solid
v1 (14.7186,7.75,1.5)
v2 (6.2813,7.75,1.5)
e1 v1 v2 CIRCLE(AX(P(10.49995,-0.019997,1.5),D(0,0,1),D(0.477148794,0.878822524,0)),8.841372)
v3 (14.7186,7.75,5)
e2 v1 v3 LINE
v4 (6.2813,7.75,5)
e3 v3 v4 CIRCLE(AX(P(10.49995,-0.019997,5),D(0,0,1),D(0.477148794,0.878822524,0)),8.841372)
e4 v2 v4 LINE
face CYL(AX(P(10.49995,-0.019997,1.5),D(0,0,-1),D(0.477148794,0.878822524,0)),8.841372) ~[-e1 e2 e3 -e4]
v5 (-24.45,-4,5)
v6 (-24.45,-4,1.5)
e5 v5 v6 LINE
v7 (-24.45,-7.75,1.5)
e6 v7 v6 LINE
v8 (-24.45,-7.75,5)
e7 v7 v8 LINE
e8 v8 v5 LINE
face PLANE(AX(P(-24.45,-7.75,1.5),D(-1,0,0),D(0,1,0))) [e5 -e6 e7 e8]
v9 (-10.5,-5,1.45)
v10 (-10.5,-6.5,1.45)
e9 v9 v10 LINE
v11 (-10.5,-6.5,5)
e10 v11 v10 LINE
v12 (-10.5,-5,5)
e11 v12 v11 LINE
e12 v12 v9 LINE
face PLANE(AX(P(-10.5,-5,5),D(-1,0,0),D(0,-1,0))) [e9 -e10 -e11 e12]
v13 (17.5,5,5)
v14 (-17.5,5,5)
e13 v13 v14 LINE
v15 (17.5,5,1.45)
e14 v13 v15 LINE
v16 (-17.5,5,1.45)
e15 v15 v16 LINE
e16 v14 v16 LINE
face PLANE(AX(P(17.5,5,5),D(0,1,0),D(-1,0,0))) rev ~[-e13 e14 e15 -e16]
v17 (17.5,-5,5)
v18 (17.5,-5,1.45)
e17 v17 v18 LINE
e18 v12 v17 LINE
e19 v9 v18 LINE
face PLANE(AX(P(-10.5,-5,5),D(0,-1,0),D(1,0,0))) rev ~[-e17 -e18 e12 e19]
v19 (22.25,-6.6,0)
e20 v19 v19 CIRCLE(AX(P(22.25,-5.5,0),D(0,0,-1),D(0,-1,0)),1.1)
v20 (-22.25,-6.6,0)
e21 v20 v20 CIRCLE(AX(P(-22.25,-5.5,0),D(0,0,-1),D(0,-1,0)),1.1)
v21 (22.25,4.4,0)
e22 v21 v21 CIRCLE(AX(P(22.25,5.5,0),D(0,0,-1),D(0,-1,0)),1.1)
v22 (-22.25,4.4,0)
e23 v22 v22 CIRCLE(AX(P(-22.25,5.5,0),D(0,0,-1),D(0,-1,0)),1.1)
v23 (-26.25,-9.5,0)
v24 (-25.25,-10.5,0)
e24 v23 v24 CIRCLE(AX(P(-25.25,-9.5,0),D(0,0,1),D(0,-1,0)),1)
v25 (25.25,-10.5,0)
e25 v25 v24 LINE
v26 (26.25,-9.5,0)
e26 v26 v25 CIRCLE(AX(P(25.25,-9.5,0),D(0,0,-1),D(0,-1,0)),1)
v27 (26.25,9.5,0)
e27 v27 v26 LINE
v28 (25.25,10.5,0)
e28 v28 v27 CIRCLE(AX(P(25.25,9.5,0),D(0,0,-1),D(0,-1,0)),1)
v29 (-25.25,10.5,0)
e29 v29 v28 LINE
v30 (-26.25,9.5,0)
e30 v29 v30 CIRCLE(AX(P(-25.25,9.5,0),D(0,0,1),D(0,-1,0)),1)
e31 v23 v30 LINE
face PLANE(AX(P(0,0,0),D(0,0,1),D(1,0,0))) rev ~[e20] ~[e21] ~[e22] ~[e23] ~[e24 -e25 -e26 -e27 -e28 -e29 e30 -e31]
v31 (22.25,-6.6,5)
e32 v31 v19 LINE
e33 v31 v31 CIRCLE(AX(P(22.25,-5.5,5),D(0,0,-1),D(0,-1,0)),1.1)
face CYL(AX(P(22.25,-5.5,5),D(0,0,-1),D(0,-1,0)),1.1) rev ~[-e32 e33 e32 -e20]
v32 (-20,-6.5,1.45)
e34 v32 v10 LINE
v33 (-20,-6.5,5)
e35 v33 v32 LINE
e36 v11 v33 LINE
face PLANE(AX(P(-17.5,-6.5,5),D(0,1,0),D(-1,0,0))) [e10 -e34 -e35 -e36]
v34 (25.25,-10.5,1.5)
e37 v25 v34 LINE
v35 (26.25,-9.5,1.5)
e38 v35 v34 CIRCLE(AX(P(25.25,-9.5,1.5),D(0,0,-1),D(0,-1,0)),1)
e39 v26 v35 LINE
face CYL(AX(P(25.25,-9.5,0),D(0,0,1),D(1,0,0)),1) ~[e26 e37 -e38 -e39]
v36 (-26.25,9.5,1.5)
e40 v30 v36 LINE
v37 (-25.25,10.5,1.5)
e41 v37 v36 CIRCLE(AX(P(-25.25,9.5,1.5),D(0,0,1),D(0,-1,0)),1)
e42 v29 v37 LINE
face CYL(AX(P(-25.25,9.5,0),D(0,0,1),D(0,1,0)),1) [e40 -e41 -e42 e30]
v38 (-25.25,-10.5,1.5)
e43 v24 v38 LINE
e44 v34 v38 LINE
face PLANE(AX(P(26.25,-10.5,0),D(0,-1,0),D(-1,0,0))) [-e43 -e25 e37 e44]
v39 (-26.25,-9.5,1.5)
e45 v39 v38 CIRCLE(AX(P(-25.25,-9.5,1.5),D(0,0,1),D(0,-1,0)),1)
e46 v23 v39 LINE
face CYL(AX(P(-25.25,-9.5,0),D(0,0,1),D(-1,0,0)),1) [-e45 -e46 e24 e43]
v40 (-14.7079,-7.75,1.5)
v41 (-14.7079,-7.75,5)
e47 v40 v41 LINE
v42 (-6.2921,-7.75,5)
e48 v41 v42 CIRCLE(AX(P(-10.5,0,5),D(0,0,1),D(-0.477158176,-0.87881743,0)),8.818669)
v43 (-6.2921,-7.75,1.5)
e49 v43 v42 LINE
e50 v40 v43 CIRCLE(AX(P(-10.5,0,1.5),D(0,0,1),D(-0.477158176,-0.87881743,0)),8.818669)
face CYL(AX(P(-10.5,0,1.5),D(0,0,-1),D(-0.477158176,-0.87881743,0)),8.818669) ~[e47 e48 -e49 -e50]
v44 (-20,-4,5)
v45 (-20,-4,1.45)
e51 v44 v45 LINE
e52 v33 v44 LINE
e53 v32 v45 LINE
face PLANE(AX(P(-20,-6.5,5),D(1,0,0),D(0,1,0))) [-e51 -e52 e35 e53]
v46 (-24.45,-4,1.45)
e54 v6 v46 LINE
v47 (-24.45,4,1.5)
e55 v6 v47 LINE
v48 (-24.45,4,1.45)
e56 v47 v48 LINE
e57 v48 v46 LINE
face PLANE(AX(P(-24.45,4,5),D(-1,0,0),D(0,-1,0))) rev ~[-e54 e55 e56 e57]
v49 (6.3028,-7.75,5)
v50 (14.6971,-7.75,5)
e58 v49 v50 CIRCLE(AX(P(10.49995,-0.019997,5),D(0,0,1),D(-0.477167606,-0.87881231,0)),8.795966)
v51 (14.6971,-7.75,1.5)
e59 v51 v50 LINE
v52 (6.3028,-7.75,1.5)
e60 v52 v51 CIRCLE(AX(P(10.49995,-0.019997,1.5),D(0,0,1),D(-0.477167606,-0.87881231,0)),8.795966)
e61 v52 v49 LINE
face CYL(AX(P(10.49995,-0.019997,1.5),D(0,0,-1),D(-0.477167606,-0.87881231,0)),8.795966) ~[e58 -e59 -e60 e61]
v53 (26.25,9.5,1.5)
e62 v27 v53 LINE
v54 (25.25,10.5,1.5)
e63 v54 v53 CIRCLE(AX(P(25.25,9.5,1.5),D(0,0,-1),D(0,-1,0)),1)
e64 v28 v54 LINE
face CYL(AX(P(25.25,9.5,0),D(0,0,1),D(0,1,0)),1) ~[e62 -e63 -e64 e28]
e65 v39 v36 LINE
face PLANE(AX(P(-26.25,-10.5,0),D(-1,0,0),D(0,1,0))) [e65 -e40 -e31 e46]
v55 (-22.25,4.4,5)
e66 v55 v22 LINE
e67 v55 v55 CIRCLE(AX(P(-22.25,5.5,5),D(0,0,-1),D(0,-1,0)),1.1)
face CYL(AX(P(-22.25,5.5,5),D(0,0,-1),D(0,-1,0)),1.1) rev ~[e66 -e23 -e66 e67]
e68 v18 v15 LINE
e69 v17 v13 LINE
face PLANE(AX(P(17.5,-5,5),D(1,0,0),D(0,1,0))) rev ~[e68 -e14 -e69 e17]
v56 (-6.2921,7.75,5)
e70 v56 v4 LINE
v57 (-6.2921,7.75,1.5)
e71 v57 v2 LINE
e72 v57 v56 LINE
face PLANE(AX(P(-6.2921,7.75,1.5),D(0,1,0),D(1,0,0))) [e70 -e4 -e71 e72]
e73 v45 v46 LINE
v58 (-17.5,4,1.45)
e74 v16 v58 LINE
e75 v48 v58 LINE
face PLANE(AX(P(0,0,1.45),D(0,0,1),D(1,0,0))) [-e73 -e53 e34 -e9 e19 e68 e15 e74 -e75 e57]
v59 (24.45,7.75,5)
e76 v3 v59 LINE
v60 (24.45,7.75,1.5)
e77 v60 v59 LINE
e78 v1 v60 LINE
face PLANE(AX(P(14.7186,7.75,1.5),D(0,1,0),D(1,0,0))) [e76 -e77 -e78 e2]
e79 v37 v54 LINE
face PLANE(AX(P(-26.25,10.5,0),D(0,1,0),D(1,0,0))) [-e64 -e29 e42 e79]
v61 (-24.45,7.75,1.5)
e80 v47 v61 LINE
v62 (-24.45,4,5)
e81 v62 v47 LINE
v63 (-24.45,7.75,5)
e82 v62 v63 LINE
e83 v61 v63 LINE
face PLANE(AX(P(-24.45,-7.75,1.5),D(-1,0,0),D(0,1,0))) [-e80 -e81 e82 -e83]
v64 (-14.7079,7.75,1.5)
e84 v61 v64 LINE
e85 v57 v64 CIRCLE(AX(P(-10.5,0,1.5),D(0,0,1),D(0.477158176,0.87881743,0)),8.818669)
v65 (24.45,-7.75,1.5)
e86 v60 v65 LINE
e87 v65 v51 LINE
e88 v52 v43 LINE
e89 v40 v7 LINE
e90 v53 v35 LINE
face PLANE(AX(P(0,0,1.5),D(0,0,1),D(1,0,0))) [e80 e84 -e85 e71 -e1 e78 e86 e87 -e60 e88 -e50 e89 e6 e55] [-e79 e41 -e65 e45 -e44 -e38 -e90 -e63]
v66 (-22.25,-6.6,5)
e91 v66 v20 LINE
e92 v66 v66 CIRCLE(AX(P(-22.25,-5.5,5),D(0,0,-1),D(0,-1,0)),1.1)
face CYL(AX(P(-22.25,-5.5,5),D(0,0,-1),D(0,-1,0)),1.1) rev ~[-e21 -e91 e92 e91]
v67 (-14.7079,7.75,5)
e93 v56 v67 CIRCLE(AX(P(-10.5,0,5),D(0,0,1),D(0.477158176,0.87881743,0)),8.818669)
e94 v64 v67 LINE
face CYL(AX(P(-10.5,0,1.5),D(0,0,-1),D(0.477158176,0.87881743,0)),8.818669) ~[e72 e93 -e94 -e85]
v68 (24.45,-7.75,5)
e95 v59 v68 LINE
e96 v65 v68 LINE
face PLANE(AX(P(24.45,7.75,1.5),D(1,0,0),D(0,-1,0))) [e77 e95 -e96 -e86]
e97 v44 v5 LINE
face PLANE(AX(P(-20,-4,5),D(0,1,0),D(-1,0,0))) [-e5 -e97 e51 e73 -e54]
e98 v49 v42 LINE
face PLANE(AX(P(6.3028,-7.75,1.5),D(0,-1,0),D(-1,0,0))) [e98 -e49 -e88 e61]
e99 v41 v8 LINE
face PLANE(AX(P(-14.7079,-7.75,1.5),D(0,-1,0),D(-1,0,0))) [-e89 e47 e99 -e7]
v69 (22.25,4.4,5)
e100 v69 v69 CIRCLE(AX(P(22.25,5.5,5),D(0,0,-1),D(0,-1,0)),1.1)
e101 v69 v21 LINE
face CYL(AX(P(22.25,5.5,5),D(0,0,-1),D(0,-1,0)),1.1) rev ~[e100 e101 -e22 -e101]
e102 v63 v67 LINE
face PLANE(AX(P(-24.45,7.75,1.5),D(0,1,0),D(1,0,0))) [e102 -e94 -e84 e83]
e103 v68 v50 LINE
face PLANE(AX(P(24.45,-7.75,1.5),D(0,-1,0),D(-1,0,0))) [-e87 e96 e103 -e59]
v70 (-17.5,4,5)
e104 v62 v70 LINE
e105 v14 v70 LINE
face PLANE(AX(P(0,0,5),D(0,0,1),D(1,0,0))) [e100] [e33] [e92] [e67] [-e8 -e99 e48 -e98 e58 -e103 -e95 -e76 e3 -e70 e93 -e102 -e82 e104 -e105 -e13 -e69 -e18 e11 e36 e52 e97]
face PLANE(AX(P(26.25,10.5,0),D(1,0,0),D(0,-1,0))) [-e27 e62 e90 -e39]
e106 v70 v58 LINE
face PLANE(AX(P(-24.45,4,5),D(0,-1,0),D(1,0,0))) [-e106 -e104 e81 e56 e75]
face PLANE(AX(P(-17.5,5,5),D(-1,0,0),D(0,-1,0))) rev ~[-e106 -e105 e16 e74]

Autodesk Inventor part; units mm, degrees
ref_plane "YZ Plane" through (0, 0, 0) normal (1, 0, 0) x (0, 1, 0)
ref_plane "XZ Plane" through (0, 0, 0) normal (0, 1, 0) x (-1, 0, 0)
ref_plane "XY Plane" through (0, 0, 0) normal (0, 0, 1) x (1, 0, 0)
sketch "スケッチ1" plane through (0, 0, 0) normal (0, 0, 1) x (1, 0, 0)
  line L0 (-26.25, 10.5) -> (26.25, 10.5)
  line L1 (26.25, 10.5) -> (26.25, -10.5)
  line L2 (26.25, -10.5) -> (-26.25, -10.5)
  line L3 (-26.25, -10.5) -> (-26.25, 10.5)
  point P0 (0, 0)
  dimension "d0" = 52.5
  dimension "d1" = 21
  dimension "d2" = 10.5
  dimension "d3" = 26.25
extrude "押し出し1" add sketch "スケッチ1" along normal blind 1.5
sketch "スケッチ6" plane through (0, 0, 1.5) normal (0, 0, 1) x (1, 0, 0)
  line L0 (-24.45, -7.75) -> (-24.45, 7.75)
  line L1 (24.45, 7.75) -> (24.45, -7.75)
  line L2 (24.45, -7.75) -> (14.6971, -7.75)
  arc A0 (14.7186, 7.75) -> (6.2813, 7.75) centre (10.5, -0.0198) ccw
  arc A1 (6.3028, -7.75) -> (14.6971, -7.75) centre (10.5, -0.0198) ccw
  line L3 (14.7186, 7.75) -> (24.45, 7.75)
  line L4 (6.3028, -7.75) -> (-6.2921, -7.75)
  line L5 (-14.7079, -7.75) -> (-24.45, -7.75)
  arc A2 (-6.2921, 7.75) -> (-14.7079, 7.75) centre (-10.5, 0) ccw
  arc A3 (-14.7079, -7.75) -> (-6.2921, -7.75) centre (-10.5, 0) ccw
  line L6 (-24.45, 7.75) -> (-14.7079, 7.75)
  line L7 (-6.2921, 7.75) -> (6.2813, 7.75)
  point P0 (0, 0)
  dimension "d86" = 48.9
  dimension "d87" = 15.5
  dimension "d89" = 24.45
  dimension "d92" = 10.5
  dimension "d93" = 10.5
  dimension "d97" = 15.5
  dimension "d98" = 7.75
  dimension "d99" = 7.75
  dimension "d100" = 7.75
  dimension "d101" = 7.75
  dimension "d102" = 7.75
  dimension "d103" = 57
  dimension "d104" = 57
  dimension "d105" = 57
  dimension "d106" = 57
extrude "押し出し4" add sketch "スケッチ6" along normal blind 3.5
sketch "スケッチ7" plane through (0, 0, 5) normal (0, 0, 1) x (1, 0, 0)
  point P0 (0, 0)
  point P1 (-22.25, 5.5)
  point P2 (-22.25, -5.5)
  point P3 (22.25, 5.5)
  point P4 (22.25, -5.5)
  dimension "d62" = 44.5
  dimension "d63" = 11
  dimension "d64" = 11
  dimension "d65" = 44.5
  dimension "d66" = 22.25
  dimension "d67" = 5.5
  dimension "d68" = 22.25
  dimension "d69" = 5.5
hole "穴3" at (-22.25, 5.5, 5) at (-22.25, -5.5, 5) at (22.25, 5.5, 5) at (22.25, -5.5, 5) direction (0, 0, -1) diameter 2.2 end through all
fillet "フィレット3" radius 1 4 edges at (-26.25, -10.5, 0.75) (26.25, -10.5, 0.75) (26.25, 10.5, 0.75) (-26.25, 10.5, 0.75)
sketch "スケッチ8" plane through (0, 0, 5) normal (0, 0, 1) x (1, 0, 0)
  line L0 (-10.5, -5) -> (17.5, -5)
  line L1 (17.5, -5) -> (17.5, 5)
  line L2 (17.5, 5) -> (-17.5, 5)
  line L3 (-24.45, 7.75) -> (-24.45, -7.75) projected
  line L4 (-20, -4) -> (-24.45, -4)
  line L5 (-24.45, -4) -> (-24.45, 4)
  line L6 (-24.45, 4) -> (-17.5, 4)
  line L7 (-25.25, -10.5) -> (25.25, -10.5) projected
  line L8 (25.25, 10.5) -> (-25.25, 10.5) projected
  line L9 (-17.5, 5) -> (-17.5, 4)
  line L10 (-10.5, -5) -> (-10.5, -6.5)
  line L11 (-10.5, -6.5) -> (-17.5, -6.5)
  line L12 (-17.5, -6.5) -> (-20, -6.5)
  line L13 (-20, -6.5) -> (-20, -4)
  point P0 (0, 0)
  dimension "d80" = 35
  dimension "d81" = 10
  dimension "d82" = 5
  dimension "d95" = 6.5
  dimension "d109" = 1.5
  dimension "d111" = 9.5
extrude "押し出し5" cut sketch "スケッチ8" against normal blind 3.55
equation "\"d2\" = 0.5 * d1"
equation "\"d3\" = 0.5 * d0"
equation "\"d89\" = 0.5 * d86"
equation "\"d93\" = d92"
equation "\"d98\" = 0.5 * d87"
equation "\"d99\" = 0.5 * d97"
equation "\"d100\" = d98"
equation "\"d101\" = d99"
equation "\"d102\" = 0.5 * d97"
equation "\"d64\" = d63"
equation "\"d65\" = d62"
equation "\"d66\" = 0.5 * d62"
equation "\"d67\" = 0.5 * d64"
equation "\"d68\" = d66"
equation "\"d82\" = 0.5 * d81"
equation "\"d95\" = d94"
equation "\"d20\" = 0.5 * d19"
equation "\"d44\" = 0.5 * d43"
equation "\"d55\" = 0.5 * d53"
equation "\"d83\" = 0.5 * d80"
equation "\"d88\" = 0.5 * d87"
equation "\"d94\" = 6.5"
equation "\"d19\" = 14.8"
equation "\"d43\" = 14.8"
equation "\"d53\" = 14.4"
properties part number "New_Accelite_Controller_Cover_copy_under" material "ABS プラスチック"
